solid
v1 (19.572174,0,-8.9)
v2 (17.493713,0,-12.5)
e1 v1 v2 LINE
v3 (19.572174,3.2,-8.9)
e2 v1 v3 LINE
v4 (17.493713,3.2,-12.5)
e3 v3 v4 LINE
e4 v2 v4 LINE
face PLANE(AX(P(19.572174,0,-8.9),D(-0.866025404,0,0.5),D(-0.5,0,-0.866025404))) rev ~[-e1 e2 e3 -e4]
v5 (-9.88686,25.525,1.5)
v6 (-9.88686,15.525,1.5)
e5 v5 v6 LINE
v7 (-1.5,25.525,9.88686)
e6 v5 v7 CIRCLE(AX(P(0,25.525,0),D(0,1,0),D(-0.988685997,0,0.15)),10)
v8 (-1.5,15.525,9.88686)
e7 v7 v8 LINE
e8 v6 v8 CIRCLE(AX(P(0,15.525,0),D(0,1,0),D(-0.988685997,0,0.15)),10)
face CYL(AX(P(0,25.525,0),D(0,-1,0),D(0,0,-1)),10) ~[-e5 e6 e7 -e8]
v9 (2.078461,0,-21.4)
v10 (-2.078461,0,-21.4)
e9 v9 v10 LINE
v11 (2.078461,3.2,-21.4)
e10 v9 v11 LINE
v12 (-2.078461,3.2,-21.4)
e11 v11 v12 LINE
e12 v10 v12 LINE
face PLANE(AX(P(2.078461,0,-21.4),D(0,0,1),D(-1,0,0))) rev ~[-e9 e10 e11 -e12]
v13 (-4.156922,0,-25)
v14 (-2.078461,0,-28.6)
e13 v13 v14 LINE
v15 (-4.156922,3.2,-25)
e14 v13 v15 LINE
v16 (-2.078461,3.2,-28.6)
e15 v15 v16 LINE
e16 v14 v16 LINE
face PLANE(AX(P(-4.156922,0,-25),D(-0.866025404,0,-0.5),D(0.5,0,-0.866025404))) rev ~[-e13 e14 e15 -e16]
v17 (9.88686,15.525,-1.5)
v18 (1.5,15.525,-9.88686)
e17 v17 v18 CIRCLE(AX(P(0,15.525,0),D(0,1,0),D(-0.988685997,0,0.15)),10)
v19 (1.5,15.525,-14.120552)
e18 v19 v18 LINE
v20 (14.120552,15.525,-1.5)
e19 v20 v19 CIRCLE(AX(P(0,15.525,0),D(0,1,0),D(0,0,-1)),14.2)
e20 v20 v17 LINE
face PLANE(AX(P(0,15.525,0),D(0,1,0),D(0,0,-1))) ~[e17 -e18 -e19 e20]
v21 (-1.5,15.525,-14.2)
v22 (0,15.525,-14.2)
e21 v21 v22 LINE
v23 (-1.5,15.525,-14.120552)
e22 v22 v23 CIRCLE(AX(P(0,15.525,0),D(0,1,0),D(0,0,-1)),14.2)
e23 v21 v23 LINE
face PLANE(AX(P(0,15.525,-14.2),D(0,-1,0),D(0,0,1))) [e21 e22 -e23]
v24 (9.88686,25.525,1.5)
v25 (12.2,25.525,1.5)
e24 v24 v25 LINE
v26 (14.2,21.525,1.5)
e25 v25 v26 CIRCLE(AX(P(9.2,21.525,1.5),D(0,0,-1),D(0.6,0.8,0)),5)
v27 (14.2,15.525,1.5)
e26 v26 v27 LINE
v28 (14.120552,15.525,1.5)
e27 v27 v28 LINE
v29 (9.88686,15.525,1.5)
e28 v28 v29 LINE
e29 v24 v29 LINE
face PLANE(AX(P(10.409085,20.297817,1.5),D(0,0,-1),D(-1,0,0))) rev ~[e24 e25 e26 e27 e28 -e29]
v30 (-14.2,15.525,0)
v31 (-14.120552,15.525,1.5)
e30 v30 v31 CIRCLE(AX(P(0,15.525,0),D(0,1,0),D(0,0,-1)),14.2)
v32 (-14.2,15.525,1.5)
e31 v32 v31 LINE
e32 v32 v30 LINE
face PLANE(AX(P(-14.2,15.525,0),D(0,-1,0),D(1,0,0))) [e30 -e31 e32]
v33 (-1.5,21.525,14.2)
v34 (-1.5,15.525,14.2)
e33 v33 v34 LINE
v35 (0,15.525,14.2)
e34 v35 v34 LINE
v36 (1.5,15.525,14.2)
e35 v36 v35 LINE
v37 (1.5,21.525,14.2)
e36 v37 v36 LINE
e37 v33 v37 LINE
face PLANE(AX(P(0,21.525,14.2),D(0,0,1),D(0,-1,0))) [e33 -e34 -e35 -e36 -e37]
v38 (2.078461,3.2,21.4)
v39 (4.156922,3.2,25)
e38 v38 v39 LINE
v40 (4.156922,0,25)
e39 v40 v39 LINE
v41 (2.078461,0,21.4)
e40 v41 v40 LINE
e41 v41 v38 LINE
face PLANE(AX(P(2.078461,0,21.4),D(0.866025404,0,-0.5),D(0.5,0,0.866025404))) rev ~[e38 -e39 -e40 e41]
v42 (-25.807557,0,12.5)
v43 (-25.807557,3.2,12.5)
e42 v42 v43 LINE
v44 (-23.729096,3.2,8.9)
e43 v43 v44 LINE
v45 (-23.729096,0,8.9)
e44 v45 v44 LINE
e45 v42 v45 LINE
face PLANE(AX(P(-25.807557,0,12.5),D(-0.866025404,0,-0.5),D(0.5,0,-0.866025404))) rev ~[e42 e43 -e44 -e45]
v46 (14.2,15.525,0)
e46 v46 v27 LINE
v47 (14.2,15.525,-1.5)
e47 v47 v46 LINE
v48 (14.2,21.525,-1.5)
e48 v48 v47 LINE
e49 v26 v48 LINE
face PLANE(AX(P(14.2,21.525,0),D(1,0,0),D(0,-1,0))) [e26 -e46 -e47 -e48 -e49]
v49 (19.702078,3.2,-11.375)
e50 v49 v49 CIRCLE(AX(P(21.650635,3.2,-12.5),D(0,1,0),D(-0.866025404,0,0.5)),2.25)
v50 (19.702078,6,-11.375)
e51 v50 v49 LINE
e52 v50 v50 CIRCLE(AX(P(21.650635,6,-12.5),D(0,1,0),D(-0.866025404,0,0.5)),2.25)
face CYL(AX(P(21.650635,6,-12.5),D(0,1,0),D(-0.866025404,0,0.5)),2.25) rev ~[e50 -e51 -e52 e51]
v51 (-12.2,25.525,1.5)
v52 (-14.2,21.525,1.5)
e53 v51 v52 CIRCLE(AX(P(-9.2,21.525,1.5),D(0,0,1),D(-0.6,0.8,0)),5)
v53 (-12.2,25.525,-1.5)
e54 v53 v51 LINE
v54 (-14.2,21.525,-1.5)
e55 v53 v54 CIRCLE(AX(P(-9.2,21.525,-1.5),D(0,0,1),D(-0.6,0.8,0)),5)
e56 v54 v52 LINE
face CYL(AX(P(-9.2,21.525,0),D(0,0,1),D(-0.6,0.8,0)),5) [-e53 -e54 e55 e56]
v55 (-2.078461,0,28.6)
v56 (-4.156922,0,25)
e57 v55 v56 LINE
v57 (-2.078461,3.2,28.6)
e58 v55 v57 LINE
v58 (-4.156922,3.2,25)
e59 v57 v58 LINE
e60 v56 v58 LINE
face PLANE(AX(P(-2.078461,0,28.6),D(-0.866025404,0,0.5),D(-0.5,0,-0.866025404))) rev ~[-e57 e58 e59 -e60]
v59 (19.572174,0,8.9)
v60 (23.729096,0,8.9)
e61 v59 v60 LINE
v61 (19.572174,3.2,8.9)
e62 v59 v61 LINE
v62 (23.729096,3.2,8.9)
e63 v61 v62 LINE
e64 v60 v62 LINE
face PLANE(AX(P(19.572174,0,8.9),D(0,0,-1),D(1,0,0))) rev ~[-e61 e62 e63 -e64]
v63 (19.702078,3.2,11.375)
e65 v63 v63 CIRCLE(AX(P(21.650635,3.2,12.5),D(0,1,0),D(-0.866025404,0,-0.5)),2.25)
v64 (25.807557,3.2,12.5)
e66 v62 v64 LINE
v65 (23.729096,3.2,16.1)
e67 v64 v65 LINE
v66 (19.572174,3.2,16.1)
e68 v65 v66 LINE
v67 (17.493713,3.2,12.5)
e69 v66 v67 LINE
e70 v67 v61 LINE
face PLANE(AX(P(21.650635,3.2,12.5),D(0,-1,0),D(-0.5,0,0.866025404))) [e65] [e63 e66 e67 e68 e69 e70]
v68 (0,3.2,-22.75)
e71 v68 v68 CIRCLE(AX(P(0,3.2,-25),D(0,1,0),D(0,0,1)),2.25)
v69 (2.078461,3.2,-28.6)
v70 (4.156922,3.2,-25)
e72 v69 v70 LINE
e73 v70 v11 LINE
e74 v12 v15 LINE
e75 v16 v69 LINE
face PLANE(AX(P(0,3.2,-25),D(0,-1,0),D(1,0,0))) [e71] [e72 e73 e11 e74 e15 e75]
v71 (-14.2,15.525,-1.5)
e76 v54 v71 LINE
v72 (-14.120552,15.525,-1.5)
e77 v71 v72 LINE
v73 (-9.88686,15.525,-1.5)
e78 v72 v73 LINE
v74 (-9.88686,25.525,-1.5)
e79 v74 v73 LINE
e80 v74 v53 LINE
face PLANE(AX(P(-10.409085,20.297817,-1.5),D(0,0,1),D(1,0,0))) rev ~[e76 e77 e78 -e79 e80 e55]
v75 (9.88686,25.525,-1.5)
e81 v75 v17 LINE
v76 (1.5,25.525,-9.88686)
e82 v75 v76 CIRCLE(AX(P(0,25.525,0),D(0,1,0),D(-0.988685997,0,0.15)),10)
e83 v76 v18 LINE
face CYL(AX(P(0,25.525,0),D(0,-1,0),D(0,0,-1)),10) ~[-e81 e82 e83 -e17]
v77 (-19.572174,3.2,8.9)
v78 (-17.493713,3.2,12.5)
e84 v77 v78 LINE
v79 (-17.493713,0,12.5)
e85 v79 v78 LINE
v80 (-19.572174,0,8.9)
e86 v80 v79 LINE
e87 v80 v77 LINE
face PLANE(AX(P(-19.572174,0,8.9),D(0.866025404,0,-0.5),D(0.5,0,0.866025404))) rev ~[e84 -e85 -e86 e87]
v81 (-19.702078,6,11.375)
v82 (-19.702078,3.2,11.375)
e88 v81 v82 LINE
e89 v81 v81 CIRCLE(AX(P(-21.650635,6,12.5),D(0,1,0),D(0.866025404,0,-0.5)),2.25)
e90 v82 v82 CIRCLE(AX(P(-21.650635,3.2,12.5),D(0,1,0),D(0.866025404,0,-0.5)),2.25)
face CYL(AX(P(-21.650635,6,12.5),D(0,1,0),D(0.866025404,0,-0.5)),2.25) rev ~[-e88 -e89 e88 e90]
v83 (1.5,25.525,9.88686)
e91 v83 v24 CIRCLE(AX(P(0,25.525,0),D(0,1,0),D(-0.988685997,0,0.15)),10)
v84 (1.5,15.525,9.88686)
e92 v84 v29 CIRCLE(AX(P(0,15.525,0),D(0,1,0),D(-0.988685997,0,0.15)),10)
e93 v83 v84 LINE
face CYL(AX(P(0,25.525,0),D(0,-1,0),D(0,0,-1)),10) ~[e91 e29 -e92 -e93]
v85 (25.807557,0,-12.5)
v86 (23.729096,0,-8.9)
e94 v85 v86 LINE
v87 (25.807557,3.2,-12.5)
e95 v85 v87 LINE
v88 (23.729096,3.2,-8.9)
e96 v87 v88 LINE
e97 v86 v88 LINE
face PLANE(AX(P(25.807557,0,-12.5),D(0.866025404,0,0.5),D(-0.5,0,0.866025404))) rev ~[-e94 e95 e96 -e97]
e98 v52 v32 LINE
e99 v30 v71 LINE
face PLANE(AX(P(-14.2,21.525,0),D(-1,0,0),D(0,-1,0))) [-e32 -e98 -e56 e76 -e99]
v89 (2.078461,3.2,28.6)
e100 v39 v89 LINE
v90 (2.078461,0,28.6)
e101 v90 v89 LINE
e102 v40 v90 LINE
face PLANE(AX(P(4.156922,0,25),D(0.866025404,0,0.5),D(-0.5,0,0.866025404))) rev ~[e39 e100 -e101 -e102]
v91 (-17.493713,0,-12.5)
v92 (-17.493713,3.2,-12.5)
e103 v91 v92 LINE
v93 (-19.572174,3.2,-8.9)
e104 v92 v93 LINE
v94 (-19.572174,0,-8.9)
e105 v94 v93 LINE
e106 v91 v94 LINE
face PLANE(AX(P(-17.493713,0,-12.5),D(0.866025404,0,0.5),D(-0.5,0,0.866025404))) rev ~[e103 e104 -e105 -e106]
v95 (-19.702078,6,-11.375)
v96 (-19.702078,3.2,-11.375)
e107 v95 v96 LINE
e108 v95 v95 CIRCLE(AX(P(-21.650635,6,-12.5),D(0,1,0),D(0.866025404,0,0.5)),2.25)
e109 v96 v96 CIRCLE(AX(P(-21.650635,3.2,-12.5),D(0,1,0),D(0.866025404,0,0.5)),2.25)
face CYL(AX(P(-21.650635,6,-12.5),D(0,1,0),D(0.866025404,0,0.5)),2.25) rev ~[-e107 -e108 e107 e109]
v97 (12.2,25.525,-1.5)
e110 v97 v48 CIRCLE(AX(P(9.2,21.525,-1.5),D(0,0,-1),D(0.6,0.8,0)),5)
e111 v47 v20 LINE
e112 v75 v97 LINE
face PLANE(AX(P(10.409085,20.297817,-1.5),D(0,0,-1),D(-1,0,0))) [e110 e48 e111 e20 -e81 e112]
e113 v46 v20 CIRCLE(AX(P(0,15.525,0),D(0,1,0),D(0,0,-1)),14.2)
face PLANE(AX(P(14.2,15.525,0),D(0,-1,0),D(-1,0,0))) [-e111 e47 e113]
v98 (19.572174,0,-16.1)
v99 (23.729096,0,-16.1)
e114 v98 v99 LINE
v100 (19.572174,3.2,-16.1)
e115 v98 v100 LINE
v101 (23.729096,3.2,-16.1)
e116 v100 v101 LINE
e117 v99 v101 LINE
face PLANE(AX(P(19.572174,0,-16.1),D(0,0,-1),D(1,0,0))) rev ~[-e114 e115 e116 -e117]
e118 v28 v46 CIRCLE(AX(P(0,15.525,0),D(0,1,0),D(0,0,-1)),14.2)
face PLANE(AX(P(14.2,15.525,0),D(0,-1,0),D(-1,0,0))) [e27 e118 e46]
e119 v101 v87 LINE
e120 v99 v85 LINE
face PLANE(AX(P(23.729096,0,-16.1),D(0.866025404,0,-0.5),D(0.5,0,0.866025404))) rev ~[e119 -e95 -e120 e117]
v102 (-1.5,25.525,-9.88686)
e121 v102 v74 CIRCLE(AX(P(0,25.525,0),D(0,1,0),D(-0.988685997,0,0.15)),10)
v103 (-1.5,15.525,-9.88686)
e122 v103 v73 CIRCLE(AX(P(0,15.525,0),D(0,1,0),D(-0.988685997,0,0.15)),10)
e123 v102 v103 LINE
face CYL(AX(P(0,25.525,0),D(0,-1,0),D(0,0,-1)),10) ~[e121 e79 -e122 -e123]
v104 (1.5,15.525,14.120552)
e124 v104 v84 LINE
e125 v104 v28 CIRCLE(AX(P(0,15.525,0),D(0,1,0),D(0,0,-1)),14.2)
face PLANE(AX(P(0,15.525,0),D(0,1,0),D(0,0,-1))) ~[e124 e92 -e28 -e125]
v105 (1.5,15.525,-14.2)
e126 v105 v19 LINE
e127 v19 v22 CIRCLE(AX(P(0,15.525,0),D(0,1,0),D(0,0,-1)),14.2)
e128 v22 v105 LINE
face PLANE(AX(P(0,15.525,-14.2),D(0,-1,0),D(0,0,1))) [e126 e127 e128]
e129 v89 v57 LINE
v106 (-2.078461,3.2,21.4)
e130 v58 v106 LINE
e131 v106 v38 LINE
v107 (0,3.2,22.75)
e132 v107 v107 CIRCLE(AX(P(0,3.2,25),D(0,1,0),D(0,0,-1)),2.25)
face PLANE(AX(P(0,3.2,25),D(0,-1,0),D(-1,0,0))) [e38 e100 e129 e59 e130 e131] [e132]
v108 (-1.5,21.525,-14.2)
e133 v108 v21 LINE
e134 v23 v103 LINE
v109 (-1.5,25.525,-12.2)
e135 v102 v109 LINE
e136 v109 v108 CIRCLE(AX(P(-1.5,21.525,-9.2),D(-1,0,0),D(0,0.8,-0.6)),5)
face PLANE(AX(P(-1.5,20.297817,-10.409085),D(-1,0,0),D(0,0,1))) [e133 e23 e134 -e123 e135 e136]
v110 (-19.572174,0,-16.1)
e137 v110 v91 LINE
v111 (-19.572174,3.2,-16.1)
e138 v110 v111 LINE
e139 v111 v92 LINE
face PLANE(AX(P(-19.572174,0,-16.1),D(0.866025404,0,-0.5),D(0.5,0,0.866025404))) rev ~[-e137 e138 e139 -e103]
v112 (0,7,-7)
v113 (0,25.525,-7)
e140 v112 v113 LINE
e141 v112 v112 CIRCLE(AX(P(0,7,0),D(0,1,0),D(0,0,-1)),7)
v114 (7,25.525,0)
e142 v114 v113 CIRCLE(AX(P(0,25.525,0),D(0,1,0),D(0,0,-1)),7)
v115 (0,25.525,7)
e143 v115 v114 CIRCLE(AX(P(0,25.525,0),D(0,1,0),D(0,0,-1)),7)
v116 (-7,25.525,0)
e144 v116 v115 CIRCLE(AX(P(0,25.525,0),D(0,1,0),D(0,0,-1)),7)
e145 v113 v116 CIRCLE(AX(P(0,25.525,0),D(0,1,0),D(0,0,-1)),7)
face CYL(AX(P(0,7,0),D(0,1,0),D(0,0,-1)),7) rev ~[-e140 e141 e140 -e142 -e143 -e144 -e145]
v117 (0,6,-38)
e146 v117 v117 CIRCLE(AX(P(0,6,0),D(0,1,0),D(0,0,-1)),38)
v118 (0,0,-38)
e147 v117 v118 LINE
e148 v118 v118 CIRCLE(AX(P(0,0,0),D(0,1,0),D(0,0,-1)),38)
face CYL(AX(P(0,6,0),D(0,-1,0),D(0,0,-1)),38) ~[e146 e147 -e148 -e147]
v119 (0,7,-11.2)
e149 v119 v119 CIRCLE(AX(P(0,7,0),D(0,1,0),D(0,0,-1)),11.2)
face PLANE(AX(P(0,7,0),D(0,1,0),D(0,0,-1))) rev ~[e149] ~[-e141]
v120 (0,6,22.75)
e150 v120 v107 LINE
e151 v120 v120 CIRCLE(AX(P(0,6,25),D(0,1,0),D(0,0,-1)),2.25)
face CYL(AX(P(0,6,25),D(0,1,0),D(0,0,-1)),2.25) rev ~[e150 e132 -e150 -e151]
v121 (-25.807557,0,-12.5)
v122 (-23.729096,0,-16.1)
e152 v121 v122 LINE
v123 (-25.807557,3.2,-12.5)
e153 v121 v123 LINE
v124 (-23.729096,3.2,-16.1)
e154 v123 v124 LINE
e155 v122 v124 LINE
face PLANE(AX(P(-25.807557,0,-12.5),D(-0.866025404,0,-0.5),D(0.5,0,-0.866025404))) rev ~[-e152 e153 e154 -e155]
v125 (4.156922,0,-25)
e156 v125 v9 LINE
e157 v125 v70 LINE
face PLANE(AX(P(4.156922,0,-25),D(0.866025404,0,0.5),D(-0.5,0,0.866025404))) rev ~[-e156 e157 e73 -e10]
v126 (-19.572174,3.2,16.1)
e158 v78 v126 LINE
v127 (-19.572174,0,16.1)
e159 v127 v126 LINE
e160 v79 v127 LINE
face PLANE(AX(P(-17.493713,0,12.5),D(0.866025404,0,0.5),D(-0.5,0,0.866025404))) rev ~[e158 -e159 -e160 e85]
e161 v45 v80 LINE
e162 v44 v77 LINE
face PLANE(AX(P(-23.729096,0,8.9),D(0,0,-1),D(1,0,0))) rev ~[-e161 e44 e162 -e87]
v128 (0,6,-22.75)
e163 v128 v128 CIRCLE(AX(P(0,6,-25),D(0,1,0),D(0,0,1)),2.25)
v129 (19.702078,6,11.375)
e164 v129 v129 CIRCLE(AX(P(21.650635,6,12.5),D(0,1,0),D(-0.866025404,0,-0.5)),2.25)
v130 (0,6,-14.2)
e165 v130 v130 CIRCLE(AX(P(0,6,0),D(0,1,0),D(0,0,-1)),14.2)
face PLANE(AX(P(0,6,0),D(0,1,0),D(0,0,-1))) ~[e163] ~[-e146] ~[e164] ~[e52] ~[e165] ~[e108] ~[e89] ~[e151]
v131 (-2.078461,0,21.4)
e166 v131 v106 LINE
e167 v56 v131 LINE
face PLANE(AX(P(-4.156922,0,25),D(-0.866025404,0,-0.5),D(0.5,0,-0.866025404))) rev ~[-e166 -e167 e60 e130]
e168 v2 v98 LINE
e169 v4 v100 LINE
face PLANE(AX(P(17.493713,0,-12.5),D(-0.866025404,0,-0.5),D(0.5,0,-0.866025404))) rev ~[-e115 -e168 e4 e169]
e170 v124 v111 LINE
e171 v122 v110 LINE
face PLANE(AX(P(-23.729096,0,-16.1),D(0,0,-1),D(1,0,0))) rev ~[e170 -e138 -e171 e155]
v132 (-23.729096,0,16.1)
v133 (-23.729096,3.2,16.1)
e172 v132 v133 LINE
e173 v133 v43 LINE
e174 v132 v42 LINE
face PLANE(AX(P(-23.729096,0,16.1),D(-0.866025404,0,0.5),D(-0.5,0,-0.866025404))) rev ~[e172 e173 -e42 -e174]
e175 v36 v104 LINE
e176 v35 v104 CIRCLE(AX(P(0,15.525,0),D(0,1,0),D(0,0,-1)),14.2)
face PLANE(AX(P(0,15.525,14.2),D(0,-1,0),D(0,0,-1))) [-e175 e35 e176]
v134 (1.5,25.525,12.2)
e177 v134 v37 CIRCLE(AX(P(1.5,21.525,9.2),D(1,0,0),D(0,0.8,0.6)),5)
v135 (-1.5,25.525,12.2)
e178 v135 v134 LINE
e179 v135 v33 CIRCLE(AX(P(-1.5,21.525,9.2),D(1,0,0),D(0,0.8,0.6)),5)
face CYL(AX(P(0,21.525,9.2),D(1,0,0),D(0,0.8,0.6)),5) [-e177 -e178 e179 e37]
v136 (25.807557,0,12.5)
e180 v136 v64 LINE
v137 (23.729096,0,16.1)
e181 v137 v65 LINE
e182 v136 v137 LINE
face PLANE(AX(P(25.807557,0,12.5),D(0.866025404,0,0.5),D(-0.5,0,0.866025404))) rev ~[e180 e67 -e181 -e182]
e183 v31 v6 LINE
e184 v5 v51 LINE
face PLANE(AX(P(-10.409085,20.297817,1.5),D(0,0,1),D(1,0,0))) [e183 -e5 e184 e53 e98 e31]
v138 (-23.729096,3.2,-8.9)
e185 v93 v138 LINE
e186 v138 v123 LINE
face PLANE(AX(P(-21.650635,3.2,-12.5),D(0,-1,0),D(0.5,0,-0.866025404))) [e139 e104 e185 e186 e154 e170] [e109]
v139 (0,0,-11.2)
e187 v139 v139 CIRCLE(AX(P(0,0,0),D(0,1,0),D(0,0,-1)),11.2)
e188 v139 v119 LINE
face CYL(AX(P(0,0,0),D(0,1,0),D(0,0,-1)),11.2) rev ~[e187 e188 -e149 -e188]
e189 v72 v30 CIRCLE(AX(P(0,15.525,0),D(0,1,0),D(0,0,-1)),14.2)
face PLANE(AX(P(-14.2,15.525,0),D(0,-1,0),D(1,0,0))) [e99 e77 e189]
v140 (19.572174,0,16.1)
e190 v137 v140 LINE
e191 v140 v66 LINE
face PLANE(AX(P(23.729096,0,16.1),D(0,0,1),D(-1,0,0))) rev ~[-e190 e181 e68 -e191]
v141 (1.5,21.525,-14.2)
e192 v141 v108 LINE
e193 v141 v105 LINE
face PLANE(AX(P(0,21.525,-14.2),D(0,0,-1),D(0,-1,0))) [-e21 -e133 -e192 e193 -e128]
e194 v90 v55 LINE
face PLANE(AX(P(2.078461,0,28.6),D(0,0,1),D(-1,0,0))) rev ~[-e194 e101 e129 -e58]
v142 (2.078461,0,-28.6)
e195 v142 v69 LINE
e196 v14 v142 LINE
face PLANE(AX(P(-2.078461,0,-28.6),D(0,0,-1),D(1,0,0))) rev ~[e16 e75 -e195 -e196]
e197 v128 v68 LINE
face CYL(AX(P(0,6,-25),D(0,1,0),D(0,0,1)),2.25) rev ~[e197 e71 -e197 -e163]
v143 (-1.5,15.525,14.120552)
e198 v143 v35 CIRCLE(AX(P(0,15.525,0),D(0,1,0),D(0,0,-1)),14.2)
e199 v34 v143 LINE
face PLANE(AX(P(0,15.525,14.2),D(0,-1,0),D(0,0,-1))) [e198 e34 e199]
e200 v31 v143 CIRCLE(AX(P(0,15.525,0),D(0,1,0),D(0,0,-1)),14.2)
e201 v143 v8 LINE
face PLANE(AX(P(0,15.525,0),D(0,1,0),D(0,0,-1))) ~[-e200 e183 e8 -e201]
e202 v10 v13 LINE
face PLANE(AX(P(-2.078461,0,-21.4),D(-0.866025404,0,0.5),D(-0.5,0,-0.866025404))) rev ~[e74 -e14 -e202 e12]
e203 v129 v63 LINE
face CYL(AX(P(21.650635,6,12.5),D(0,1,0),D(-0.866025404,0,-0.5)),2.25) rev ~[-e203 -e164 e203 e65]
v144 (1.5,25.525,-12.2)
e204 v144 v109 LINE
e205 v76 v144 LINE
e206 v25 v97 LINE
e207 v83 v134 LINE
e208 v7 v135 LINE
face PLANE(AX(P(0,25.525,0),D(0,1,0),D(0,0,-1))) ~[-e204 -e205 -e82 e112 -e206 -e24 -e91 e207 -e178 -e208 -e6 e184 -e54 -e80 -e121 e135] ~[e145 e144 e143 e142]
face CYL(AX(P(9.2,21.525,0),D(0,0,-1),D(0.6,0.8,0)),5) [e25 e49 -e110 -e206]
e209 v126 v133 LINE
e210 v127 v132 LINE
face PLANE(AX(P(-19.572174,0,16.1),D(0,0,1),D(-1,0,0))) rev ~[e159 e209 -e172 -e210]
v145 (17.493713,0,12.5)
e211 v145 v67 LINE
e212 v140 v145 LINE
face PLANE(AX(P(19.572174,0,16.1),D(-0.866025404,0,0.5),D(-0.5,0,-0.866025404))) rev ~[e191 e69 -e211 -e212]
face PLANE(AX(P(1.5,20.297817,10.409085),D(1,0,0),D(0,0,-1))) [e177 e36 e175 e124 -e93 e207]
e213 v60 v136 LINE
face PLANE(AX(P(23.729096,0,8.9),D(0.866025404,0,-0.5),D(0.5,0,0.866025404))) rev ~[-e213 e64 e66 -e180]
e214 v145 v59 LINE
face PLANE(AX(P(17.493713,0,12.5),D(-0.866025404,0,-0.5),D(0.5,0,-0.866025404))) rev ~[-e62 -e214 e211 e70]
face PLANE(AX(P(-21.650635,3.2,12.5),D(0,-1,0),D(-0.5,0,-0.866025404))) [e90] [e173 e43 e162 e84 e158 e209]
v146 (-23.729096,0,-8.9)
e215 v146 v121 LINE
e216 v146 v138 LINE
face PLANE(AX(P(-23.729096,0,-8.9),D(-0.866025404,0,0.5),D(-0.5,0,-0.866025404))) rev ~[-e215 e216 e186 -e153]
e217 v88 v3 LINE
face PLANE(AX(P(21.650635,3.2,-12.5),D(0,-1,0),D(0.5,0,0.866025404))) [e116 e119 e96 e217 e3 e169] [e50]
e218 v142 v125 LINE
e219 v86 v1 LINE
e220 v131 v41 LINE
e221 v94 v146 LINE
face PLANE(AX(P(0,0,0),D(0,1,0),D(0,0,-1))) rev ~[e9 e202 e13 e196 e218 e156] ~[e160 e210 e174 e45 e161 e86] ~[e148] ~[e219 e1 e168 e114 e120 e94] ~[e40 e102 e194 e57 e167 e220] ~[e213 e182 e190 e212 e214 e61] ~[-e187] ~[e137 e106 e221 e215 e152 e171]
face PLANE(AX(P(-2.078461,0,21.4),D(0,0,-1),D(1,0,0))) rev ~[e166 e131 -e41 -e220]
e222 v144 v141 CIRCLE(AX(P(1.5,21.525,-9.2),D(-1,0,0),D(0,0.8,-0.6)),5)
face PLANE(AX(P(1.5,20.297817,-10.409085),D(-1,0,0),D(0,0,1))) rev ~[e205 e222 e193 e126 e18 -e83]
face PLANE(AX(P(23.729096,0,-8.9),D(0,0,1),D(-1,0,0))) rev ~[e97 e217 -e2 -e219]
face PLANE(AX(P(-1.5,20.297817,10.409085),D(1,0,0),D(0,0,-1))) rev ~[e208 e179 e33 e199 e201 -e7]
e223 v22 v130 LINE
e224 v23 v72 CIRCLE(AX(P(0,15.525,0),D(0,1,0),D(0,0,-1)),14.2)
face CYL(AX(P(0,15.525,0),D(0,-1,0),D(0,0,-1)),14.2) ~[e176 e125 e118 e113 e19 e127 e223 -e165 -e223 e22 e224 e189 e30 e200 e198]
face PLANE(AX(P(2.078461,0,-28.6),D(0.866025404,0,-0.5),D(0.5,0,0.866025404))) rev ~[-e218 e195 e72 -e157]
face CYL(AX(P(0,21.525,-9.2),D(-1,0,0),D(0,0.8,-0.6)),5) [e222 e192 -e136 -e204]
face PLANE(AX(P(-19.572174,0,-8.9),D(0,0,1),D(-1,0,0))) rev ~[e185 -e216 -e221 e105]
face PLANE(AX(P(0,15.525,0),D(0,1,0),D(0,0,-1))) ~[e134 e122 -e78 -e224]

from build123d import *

# Parameters (mm, degrees)
BOSS_EXTRUDE1_DEPTH = 1.5
CIRPATTERN1_COUNT   = 4
SKETCH5_R           = 2.25
CUT_EXTRUDE1_DEPTH  = 58.177142505
CUT_EXTRUDE2_DEPTH  = 3.2
CIRPATTERN2_COUNT   = 6


with BuildPart() as part:
    # Sketch2 → Revolve1 (revolve)
    with BuildSketch(Plane.XY, mode=Mode.PRIVATE) as revolve1_sk:
        Polygon((7, 25.525), (10, 25.525), (10, 15.525), (14.2, 15.525), (14.2, 6), (38, 6), (38, 0), (11.2, 0), (11.2, 7), (7, 7), align=None)
    revolve(revolve1_sk.sketch.rotate(Axis((0, 0, 0), (0, 1, 0)), 90), axis=Axis((0, 0, 0), (0, 1, 0)))

    # Sketch4 → Boss-Extrude1 (add, symmetric)
    with BuildSketch(Plane.XY):
        with BuildLine():
            Line((-7, 25.525), (-12.2, 25.525))
            ThreePointArc((-12.2, 25.525), (-13.672135955, 23.761067977), (-14.2, 21.525))
            Line((-14.2, 21.525), (-14.2, 15.525))
            Line((-14.2, 15.525), (-7, 15.525))
            Line((-7, 15.525), (-7, 25.525))
        make_face()
    boss_extrude1 = extrude(amount=BOSS_EXTRUDE1_DEPTH, both=True)

    # CirPattern1: Boss-Extrude1 ×4 about axis
    cirpattern1_axis = Axis((0, 0, 0), (0, 1, 0))
    for i in range(1, CIRPATTERN1_COUNT):
        add(boss_extrude1.rotate(cirpattern1_axis, i * 360 / CIRPATTERN1_COUNT))

    # Sketch5 → Cut-Extrude1 (cut, through all)
    with BuildSketch(Plane(origin=(0, 6, 0), x_dir=(1, 0, 0), z_dir=(0, 1, 0))):
        with Locations(Location((0, 25, 0), (0, 0, 270))):
            Circle(SKETCH5_R)
    cut_extrude1 = extrude(amount=-CUT_EXTRUDE1_DEPTH, mode=Mode.SUBTRACT)

    # Sketch6 → Cut-Extrude2 (cut)
    with BuildSketch(Plane.XZ):
        Polygon((4.156921938, -25), (2.078460969, -21.4), (-2.078460969, -21.4), (-4.156921938, -25), (-2.078460969, -28.6), (2.078460969, -28.6), align=None)
    cut_extrude2 = extrude(amount=-CUT_EXTRUDE2_DEPTH, mode=Mode.SUBTRACT)

    # CirPattern2: Cut-Extrude1, Cut-Extrude2 ×6 about axis
    cirpattern2_axis = Axis((0, 0, 0), (0, 1, 0))
    add([cut_extrude1.rotate(cirpattern2_axis, i * 360 / CIRPATTERN2_COUNT) for i in range(1, CIRPATTERN2_COUNT)], mode=Mode.SUBTRACT)
    add([cut_extrude2.rotate(cirpattern2_axis, i * 360 / CIRPATTERN2_COUNT) for i in range(1, CIRPATTERN2_COUNT)], mode=Mode.SUBTRACT)


solid = part.part
